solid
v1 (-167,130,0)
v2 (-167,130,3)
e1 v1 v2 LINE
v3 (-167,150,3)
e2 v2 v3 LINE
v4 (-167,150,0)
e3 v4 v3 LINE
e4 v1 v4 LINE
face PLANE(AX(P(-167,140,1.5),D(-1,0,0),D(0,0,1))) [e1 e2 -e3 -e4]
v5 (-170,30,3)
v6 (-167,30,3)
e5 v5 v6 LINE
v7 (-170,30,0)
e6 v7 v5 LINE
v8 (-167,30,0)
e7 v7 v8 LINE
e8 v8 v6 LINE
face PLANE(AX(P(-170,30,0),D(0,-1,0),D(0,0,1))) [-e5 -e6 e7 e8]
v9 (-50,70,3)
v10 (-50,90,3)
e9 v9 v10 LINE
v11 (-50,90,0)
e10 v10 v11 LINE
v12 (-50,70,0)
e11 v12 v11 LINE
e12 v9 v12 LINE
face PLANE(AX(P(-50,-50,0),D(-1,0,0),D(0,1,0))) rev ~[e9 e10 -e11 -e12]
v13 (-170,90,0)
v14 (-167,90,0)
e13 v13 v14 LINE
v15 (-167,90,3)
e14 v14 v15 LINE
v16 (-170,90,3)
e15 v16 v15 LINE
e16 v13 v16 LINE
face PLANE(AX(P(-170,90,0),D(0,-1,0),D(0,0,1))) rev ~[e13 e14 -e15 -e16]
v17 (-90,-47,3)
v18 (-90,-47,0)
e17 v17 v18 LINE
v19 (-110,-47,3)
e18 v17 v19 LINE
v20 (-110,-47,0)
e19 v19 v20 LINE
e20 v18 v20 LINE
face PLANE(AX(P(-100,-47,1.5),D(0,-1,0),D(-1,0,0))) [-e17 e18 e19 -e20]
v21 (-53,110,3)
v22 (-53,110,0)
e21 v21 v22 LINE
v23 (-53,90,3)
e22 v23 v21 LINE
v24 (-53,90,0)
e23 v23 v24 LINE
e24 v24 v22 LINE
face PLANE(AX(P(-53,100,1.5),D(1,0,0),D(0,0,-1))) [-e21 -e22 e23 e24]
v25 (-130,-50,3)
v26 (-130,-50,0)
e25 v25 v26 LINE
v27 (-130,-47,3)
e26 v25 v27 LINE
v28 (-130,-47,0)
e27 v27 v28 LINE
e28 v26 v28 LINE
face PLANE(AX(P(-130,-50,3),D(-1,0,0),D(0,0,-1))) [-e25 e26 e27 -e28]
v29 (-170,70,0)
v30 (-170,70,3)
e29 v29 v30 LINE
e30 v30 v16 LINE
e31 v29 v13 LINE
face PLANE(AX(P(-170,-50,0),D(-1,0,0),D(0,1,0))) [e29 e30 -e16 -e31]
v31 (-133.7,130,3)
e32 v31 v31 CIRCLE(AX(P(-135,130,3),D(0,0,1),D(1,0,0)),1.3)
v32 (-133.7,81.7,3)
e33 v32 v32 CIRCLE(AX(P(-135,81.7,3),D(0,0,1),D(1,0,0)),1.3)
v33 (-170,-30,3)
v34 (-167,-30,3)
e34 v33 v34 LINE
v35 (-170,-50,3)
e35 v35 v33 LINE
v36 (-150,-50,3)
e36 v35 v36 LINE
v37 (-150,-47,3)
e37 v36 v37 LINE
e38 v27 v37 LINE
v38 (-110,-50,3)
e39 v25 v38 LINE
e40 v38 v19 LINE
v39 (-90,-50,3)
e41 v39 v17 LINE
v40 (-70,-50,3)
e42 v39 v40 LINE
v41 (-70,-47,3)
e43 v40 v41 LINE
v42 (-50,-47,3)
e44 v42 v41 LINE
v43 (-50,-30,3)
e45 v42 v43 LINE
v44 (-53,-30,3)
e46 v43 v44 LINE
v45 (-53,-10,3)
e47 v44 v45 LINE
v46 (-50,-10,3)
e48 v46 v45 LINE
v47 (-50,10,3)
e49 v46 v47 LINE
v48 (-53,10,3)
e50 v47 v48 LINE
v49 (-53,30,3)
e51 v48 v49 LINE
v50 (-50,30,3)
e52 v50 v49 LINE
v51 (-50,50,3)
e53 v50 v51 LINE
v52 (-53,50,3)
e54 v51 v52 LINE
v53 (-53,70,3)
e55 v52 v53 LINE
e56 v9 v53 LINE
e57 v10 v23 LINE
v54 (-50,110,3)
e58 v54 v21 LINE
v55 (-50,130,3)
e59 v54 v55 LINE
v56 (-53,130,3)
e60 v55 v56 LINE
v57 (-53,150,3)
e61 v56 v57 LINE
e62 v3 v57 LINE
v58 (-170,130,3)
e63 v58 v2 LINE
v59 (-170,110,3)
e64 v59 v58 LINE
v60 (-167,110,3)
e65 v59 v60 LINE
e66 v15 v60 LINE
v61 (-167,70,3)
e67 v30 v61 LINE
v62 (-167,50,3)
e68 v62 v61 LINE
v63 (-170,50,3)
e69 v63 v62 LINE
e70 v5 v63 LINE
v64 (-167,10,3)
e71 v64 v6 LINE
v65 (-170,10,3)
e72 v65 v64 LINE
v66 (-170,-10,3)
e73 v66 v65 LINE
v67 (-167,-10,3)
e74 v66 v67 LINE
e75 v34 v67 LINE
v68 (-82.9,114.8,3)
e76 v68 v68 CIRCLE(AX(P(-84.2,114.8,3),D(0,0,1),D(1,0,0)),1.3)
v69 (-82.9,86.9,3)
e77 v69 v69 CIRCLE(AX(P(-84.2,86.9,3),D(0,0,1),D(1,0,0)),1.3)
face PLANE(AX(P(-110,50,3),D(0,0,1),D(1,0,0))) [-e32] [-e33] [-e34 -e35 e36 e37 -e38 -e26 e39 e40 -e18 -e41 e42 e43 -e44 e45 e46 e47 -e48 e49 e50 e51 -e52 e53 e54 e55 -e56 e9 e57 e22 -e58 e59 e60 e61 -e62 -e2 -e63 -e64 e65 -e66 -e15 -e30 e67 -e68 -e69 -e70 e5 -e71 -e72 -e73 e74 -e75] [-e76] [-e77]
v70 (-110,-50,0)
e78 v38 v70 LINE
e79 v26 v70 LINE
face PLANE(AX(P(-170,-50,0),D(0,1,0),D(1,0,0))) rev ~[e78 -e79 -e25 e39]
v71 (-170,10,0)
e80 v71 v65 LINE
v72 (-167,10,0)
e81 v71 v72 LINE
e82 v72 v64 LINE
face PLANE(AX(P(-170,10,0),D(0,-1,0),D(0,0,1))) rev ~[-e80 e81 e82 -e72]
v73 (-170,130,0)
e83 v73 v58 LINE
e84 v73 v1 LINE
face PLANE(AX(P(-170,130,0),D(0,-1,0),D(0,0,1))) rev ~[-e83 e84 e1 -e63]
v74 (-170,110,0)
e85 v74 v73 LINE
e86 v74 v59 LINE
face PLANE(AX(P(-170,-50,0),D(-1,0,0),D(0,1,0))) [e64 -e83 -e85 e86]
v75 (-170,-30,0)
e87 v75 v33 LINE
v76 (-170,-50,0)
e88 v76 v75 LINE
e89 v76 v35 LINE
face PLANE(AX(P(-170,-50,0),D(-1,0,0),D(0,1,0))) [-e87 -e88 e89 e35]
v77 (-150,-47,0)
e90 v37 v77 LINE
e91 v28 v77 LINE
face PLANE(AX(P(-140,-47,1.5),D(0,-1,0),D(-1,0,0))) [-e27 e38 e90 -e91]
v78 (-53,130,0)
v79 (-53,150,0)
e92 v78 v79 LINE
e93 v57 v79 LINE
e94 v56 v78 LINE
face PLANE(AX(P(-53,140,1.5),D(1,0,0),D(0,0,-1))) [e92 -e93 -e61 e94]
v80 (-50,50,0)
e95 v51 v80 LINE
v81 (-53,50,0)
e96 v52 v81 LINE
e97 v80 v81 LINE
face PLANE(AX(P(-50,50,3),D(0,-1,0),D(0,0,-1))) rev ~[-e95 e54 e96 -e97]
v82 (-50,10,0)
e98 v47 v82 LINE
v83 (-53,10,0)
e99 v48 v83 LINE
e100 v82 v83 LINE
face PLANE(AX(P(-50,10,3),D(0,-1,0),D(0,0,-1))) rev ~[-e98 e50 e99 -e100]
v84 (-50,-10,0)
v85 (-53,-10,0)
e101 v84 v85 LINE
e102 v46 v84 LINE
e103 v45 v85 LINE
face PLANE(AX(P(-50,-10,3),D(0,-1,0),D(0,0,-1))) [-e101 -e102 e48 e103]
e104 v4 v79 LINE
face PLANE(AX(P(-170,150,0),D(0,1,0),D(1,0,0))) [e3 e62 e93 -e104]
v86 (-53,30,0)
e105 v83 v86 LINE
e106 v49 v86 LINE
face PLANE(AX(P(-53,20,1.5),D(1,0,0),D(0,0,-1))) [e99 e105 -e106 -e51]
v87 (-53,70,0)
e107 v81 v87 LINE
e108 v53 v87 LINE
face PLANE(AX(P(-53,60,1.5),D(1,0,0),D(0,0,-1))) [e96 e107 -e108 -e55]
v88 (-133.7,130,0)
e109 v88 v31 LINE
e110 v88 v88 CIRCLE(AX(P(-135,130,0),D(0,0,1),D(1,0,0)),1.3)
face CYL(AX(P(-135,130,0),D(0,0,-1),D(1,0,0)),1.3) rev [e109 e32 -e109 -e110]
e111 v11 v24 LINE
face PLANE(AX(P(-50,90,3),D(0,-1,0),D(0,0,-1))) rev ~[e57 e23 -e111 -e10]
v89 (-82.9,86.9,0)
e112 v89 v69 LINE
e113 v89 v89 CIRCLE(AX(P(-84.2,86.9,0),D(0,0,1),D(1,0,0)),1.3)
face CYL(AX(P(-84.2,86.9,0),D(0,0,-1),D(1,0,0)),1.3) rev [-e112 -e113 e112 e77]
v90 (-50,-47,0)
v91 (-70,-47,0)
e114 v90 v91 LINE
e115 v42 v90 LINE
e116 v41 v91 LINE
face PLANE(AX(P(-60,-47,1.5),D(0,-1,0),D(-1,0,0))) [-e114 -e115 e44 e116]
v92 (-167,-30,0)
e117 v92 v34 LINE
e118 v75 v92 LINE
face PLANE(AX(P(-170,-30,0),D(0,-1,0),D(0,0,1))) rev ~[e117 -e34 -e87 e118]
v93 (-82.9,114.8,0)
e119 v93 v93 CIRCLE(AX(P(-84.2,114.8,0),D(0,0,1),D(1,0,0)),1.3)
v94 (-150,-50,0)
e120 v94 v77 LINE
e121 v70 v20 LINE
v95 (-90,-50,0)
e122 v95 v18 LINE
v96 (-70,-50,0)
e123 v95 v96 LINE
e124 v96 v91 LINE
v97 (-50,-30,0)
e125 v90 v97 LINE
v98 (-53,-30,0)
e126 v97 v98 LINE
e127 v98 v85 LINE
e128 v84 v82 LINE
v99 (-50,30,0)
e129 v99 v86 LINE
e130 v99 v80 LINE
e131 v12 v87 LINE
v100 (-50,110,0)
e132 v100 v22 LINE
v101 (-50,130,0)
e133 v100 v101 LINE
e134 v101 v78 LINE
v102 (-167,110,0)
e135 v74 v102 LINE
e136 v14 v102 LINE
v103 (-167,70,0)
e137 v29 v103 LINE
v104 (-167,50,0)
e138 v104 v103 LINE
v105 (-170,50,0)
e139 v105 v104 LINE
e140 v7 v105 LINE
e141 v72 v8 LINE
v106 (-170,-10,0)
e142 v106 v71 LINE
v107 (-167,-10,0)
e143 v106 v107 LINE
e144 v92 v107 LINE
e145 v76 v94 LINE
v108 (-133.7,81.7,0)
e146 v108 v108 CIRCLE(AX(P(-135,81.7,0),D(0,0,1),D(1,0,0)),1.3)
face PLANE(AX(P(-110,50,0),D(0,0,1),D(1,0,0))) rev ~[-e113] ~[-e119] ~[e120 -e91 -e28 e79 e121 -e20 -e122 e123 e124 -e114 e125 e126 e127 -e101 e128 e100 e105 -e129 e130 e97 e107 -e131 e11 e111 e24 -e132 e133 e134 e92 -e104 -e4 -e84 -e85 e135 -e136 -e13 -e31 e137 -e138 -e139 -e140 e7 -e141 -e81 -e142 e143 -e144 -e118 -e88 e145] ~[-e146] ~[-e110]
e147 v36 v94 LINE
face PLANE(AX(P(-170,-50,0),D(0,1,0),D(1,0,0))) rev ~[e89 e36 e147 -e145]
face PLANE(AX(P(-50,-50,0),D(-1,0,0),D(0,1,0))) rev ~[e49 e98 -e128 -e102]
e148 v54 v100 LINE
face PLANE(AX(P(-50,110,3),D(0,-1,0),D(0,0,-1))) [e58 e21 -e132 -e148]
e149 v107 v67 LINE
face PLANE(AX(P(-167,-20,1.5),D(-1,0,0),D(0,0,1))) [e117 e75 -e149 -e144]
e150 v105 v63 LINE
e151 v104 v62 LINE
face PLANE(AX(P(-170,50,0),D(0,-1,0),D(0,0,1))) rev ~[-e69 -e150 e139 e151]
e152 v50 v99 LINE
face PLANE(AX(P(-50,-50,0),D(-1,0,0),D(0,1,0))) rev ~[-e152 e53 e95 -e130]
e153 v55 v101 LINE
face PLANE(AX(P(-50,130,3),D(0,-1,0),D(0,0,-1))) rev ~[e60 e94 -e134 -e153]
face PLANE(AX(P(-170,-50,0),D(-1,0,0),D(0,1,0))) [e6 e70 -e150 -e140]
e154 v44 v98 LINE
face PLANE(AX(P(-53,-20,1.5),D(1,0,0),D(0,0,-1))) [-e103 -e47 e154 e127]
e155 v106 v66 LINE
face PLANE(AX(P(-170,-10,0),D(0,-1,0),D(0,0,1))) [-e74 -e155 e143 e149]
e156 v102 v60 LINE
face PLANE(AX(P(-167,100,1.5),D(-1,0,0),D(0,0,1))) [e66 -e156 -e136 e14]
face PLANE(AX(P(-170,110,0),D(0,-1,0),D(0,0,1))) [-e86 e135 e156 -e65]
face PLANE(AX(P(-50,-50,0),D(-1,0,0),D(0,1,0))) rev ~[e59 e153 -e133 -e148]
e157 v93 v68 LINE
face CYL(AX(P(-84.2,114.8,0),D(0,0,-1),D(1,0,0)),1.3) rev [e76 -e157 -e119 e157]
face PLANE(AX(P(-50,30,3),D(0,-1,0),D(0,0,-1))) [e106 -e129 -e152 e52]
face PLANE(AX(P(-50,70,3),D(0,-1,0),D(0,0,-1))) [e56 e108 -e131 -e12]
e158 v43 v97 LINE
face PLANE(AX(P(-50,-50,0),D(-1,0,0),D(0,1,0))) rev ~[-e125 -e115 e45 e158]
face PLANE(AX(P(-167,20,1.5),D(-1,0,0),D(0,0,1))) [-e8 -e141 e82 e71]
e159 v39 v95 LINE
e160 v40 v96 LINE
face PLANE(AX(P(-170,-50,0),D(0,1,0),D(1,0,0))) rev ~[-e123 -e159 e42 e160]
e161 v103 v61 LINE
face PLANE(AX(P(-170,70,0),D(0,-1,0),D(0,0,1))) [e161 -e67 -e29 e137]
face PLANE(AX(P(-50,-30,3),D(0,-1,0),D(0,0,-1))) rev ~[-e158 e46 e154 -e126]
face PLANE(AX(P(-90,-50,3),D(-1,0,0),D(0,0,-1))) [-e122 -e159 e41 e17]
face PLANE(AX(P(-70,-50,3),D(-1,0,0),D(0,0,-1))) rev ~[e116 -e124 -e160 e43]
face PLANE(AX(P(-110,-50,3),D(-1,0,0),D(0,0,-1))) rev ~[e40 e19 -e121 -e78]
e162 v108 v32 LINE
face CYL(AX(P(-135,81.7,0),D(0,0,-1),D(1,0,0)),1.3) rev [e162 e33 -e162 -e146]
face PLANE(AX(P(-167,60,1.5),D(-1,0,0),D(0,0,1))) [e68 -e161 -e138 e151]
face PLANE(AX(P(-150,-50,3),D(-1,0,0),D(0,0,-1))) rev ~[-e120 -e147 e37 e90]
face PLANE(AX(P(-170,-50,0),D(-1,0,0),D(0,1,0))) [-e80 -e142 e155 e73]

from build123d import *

# Parameters (mm, degrees)
SKETCH1_W           = 120
SKETCH1_H           = 200
SKETCH1_R           = 1.3
BOSS_EXTRUDE2_DEPTH = 3
SKETCH4_W           = 3
SKETCH4_H           = 20
CUT_EXTRUDE1_DEPTH  = 3
SKETCH5_W           = 3
SKETCH5_H           = 20
CUT_EXTRUDE2_DEPTH  = 3
SKETCH7_W           = 3
SKETCH7_H           = 20
CUT_EXTRUDE3_DEPTH  = 3
SKETCH8_W           = 3
SKETCH8_H           = 20
CUT_EXTRUDE4_DEPTH  = 3
SKETCH9_W           = 3
SKETCH9_H           = 20
CUT_EXTRUDE5_DEPTH  = 3
SKETCH11_W          = 3
SKETCH11_H          = 20
CUT_EXTRUDE7_DEPTH  = 3
SKETCH12_W          = 3
SKETCH12_H          = 20
CUT_EXTRUDE8_DEPTH  = 3
SKETCH13_W          = 3
SKETCH13_H          = 20
CUT_EXTRUDE9_DEPTH  = 3
SKETCH14_W          = 3
SKETCH14_H          = 20
CUT_EXTRUDE10_DEPTH = 3
SKETCH15_W          = 3
SKETCH15_H          = 20
CUT_EXTRUDE11_DEPTH = 3
SKETCH16_W          = 20
SKETCH16_H          = 3
CUT_EXTRUDE12_DEPTH = 3
SKETCH17_W          = 20
SKETCH17_H          = 3
CUT_EXTRUDE13_DEPTH = 3
SKETCH19_W          = 20
SKETCH19_H          = 3
CUT_EXTRUDE14_DEPTH = 3


with BuildPart() as part:
    # Sketch1 → Boss-Extrude2 (new body)
    with BuildSketch(Plane.XY):
        with Locations((-110, 50)):
            Rectangle(SKETCH1_W, SKETCH1_H)
        with Locations((-135, 130)):
            Circle(SKETCH1_R, mode=Mode.SUBTRACT)
        with Locations((-84.2, 114.8)):
            Circle(SKETCH1_R, mode=Mode.SUBTRACT)
        with Locations((-84.2, 86.9)):
            Circle(SKETCH1_R, mode=Mode.SUBTRACT)
        with Locations((-135, 81.7)):
            Circle(SKETCH1_R, mode=Mode.SUBTRACT)
    extrude(amount=BOSS_EXTRUDE2_DEPTH)

    # Sketch4 → Cut-Extrude1 (cut)
    with BuildSketch(Plane(origin=(-50, 0, 0), x_dir=(0, 0, -1), z_dir=(1, 0, 0))):
        with Locations((-1.5, 140)):
            Rectangle(SKETCH4_W, SKETCH4_H)
    extrude(amount=-CUT_EXTRUDE1_DEPTH, mode=Mode.SUBTRACT)

    # Sketch5 → Cut-Extrude2 (cut)
    with BuildSketch(Plane(origin=(-50, 0, 0), x_dir=(0, 0, -1), z_dir=(1, 0, 0))):
        with Locations((-1.5, 100)):
            Rectangle(SKETCH5_W, SKETCH5_H)
    extrude(amount=-CUT_EXTRUDE2_DEPTH, mode=Mode.SUBTRACT)

    # Sketch7 → Cut-Extrude3 (cut)
    with BuildSketch(Plane(origin=(-50, 0, 0), x_dir=(0, 0, -1), z_dir=(1, 0, 0))):
        with Locations((-1.5, 60)):
            Rectangle(SKETCH7_W, SKETCH7_H)
    extrude(amount=-CUT_EXTRUDE3_DEPTH, mode=Mode.SUBTRACT)

    # Sketch8 → Cut-Extrude4 (cut)
    with BuildSketch(Plane(origin=(-50, 0, 0), x_dir=(0, 0, -1), z_dir=(1, 0, 0))):
        with Locations((-1.5, 20)):
            Rectangle(SKETCH8_W, SKETCH8_H)
    extrude(amount=-CUT_EXTRUDE4_DEPTH, mode=Mode.SUBTRACT)

    # Sketch9 → Cut-Extrude5 (cut)
    with BuildSketch(Plane(origin=(-50, 0, 0), x_dir=(0, 0, -1), z_dir=(1, 0, 0))):
        with Locations((-1.5, -20)):
            Rectangle(SKETCH9_W, SKETCH9_H)
    extrude(amount=-CUT_EXTRUDE5_DEPTH, mode=Mode.SUBTRACT)

    # Sketch11 → Cut-Extrude7 (cut)
    with BuildSketch(Plane.ZY.offset(170)):
        with Locations((1.5, 140)):
            Rectangle(SKETCH11_W, SKETCH11_H)
    extrude(amount=-CUT_EXTRUDE7_DEPTH, mode=Mode.SUBTRACT)

    # Sketch12 → Cut-Extrude8 (cut)
    with BuildSketch(Plane.ZY.offset(170)):
        with Locations((1.5, 100)):
            Rectangle(SKETCH12_W, SKETCH12_H)
    extrude(amount=-CUT_EXTRUDE8_DEPTH, mode=Mode.SUBTRACT)

    # Sketch13 → Cut-Extrude9 (cut)
    with BuildSketch(Plane.ZY.offset(170)):
        with Locations((1.5, 60)):
            Rectangle(SKETCH13_W, SKETCH13_H)
    extrude(amount=-CUT_EXTRUDE9_DEPTH, mode=Mode.SUBTRACT)

    # Sketch14 → Cut-Extrude10 (cut)
    with BuildSketch(Plane.ZY.offset(170)):
        with Locations((1.5, 20)):
            Rectangle(SKETCH14_W, SKETCH14_H)
    extrude(amount=-CUT_EXTRUDE10_DEPTH, mode=Mode.SUBTRACT)

    # Sketch15 → Cut-Extrude11 (cut)
    with BuildSketch(Plane.ZY.offset(170)):
        with Locations((1.5, -20)):
            Rectangle(SKETCH15_W, SKETCH15_H)
    extrude(amount=-CUT_EXTRUDE11_DEPTH, mode=Mode.SUBTRACT)

    # Sketch16 → Cut-Extrude12 (cut)
    with BuildSketch(Plane(origin=(0, -50, 0), x_dir=(-1, 0, 0), z_dir=(0, -1, 0))):
        with Locations((60, -1.5)):
            Rectangle(SKETCH16_W, SKETCH16_H)
    extrude(amount=-CUT_EXTRUDE12_DEPTH, mode=Mode.SUBTRACT)

    # Sketch17 → Cut-Extrude13 (cut)
    with BuildSketch(Plane(origin=(0, -50, 0), x_dir=(-1, 0, 0), z_dir=(0, -1, 0))):
        with Locations((100, -1.5)):
            Rectangle(SKETCH17_W, SKETCH17_H)
    extrude(amount=-CUT_EXTRUDE13_DEPTH, mode=Mode.SUBTRACT)

    # Sketch19 → Cut-Extrude14 (cut)
    with BuildSketch(Plane(origin=(0, -50, 0), x_dir=(-1, 0, 0), z_dir=(0, -1, 0))):
        with Locations((140, -1.5)):
            Rectangle(SKETCH19_W, SKETCH19_H)
    extrude(amount=-CUT_EXTRUDE14_DEPTH, mode=Mode.SUBTRACT)


solid = part.part
